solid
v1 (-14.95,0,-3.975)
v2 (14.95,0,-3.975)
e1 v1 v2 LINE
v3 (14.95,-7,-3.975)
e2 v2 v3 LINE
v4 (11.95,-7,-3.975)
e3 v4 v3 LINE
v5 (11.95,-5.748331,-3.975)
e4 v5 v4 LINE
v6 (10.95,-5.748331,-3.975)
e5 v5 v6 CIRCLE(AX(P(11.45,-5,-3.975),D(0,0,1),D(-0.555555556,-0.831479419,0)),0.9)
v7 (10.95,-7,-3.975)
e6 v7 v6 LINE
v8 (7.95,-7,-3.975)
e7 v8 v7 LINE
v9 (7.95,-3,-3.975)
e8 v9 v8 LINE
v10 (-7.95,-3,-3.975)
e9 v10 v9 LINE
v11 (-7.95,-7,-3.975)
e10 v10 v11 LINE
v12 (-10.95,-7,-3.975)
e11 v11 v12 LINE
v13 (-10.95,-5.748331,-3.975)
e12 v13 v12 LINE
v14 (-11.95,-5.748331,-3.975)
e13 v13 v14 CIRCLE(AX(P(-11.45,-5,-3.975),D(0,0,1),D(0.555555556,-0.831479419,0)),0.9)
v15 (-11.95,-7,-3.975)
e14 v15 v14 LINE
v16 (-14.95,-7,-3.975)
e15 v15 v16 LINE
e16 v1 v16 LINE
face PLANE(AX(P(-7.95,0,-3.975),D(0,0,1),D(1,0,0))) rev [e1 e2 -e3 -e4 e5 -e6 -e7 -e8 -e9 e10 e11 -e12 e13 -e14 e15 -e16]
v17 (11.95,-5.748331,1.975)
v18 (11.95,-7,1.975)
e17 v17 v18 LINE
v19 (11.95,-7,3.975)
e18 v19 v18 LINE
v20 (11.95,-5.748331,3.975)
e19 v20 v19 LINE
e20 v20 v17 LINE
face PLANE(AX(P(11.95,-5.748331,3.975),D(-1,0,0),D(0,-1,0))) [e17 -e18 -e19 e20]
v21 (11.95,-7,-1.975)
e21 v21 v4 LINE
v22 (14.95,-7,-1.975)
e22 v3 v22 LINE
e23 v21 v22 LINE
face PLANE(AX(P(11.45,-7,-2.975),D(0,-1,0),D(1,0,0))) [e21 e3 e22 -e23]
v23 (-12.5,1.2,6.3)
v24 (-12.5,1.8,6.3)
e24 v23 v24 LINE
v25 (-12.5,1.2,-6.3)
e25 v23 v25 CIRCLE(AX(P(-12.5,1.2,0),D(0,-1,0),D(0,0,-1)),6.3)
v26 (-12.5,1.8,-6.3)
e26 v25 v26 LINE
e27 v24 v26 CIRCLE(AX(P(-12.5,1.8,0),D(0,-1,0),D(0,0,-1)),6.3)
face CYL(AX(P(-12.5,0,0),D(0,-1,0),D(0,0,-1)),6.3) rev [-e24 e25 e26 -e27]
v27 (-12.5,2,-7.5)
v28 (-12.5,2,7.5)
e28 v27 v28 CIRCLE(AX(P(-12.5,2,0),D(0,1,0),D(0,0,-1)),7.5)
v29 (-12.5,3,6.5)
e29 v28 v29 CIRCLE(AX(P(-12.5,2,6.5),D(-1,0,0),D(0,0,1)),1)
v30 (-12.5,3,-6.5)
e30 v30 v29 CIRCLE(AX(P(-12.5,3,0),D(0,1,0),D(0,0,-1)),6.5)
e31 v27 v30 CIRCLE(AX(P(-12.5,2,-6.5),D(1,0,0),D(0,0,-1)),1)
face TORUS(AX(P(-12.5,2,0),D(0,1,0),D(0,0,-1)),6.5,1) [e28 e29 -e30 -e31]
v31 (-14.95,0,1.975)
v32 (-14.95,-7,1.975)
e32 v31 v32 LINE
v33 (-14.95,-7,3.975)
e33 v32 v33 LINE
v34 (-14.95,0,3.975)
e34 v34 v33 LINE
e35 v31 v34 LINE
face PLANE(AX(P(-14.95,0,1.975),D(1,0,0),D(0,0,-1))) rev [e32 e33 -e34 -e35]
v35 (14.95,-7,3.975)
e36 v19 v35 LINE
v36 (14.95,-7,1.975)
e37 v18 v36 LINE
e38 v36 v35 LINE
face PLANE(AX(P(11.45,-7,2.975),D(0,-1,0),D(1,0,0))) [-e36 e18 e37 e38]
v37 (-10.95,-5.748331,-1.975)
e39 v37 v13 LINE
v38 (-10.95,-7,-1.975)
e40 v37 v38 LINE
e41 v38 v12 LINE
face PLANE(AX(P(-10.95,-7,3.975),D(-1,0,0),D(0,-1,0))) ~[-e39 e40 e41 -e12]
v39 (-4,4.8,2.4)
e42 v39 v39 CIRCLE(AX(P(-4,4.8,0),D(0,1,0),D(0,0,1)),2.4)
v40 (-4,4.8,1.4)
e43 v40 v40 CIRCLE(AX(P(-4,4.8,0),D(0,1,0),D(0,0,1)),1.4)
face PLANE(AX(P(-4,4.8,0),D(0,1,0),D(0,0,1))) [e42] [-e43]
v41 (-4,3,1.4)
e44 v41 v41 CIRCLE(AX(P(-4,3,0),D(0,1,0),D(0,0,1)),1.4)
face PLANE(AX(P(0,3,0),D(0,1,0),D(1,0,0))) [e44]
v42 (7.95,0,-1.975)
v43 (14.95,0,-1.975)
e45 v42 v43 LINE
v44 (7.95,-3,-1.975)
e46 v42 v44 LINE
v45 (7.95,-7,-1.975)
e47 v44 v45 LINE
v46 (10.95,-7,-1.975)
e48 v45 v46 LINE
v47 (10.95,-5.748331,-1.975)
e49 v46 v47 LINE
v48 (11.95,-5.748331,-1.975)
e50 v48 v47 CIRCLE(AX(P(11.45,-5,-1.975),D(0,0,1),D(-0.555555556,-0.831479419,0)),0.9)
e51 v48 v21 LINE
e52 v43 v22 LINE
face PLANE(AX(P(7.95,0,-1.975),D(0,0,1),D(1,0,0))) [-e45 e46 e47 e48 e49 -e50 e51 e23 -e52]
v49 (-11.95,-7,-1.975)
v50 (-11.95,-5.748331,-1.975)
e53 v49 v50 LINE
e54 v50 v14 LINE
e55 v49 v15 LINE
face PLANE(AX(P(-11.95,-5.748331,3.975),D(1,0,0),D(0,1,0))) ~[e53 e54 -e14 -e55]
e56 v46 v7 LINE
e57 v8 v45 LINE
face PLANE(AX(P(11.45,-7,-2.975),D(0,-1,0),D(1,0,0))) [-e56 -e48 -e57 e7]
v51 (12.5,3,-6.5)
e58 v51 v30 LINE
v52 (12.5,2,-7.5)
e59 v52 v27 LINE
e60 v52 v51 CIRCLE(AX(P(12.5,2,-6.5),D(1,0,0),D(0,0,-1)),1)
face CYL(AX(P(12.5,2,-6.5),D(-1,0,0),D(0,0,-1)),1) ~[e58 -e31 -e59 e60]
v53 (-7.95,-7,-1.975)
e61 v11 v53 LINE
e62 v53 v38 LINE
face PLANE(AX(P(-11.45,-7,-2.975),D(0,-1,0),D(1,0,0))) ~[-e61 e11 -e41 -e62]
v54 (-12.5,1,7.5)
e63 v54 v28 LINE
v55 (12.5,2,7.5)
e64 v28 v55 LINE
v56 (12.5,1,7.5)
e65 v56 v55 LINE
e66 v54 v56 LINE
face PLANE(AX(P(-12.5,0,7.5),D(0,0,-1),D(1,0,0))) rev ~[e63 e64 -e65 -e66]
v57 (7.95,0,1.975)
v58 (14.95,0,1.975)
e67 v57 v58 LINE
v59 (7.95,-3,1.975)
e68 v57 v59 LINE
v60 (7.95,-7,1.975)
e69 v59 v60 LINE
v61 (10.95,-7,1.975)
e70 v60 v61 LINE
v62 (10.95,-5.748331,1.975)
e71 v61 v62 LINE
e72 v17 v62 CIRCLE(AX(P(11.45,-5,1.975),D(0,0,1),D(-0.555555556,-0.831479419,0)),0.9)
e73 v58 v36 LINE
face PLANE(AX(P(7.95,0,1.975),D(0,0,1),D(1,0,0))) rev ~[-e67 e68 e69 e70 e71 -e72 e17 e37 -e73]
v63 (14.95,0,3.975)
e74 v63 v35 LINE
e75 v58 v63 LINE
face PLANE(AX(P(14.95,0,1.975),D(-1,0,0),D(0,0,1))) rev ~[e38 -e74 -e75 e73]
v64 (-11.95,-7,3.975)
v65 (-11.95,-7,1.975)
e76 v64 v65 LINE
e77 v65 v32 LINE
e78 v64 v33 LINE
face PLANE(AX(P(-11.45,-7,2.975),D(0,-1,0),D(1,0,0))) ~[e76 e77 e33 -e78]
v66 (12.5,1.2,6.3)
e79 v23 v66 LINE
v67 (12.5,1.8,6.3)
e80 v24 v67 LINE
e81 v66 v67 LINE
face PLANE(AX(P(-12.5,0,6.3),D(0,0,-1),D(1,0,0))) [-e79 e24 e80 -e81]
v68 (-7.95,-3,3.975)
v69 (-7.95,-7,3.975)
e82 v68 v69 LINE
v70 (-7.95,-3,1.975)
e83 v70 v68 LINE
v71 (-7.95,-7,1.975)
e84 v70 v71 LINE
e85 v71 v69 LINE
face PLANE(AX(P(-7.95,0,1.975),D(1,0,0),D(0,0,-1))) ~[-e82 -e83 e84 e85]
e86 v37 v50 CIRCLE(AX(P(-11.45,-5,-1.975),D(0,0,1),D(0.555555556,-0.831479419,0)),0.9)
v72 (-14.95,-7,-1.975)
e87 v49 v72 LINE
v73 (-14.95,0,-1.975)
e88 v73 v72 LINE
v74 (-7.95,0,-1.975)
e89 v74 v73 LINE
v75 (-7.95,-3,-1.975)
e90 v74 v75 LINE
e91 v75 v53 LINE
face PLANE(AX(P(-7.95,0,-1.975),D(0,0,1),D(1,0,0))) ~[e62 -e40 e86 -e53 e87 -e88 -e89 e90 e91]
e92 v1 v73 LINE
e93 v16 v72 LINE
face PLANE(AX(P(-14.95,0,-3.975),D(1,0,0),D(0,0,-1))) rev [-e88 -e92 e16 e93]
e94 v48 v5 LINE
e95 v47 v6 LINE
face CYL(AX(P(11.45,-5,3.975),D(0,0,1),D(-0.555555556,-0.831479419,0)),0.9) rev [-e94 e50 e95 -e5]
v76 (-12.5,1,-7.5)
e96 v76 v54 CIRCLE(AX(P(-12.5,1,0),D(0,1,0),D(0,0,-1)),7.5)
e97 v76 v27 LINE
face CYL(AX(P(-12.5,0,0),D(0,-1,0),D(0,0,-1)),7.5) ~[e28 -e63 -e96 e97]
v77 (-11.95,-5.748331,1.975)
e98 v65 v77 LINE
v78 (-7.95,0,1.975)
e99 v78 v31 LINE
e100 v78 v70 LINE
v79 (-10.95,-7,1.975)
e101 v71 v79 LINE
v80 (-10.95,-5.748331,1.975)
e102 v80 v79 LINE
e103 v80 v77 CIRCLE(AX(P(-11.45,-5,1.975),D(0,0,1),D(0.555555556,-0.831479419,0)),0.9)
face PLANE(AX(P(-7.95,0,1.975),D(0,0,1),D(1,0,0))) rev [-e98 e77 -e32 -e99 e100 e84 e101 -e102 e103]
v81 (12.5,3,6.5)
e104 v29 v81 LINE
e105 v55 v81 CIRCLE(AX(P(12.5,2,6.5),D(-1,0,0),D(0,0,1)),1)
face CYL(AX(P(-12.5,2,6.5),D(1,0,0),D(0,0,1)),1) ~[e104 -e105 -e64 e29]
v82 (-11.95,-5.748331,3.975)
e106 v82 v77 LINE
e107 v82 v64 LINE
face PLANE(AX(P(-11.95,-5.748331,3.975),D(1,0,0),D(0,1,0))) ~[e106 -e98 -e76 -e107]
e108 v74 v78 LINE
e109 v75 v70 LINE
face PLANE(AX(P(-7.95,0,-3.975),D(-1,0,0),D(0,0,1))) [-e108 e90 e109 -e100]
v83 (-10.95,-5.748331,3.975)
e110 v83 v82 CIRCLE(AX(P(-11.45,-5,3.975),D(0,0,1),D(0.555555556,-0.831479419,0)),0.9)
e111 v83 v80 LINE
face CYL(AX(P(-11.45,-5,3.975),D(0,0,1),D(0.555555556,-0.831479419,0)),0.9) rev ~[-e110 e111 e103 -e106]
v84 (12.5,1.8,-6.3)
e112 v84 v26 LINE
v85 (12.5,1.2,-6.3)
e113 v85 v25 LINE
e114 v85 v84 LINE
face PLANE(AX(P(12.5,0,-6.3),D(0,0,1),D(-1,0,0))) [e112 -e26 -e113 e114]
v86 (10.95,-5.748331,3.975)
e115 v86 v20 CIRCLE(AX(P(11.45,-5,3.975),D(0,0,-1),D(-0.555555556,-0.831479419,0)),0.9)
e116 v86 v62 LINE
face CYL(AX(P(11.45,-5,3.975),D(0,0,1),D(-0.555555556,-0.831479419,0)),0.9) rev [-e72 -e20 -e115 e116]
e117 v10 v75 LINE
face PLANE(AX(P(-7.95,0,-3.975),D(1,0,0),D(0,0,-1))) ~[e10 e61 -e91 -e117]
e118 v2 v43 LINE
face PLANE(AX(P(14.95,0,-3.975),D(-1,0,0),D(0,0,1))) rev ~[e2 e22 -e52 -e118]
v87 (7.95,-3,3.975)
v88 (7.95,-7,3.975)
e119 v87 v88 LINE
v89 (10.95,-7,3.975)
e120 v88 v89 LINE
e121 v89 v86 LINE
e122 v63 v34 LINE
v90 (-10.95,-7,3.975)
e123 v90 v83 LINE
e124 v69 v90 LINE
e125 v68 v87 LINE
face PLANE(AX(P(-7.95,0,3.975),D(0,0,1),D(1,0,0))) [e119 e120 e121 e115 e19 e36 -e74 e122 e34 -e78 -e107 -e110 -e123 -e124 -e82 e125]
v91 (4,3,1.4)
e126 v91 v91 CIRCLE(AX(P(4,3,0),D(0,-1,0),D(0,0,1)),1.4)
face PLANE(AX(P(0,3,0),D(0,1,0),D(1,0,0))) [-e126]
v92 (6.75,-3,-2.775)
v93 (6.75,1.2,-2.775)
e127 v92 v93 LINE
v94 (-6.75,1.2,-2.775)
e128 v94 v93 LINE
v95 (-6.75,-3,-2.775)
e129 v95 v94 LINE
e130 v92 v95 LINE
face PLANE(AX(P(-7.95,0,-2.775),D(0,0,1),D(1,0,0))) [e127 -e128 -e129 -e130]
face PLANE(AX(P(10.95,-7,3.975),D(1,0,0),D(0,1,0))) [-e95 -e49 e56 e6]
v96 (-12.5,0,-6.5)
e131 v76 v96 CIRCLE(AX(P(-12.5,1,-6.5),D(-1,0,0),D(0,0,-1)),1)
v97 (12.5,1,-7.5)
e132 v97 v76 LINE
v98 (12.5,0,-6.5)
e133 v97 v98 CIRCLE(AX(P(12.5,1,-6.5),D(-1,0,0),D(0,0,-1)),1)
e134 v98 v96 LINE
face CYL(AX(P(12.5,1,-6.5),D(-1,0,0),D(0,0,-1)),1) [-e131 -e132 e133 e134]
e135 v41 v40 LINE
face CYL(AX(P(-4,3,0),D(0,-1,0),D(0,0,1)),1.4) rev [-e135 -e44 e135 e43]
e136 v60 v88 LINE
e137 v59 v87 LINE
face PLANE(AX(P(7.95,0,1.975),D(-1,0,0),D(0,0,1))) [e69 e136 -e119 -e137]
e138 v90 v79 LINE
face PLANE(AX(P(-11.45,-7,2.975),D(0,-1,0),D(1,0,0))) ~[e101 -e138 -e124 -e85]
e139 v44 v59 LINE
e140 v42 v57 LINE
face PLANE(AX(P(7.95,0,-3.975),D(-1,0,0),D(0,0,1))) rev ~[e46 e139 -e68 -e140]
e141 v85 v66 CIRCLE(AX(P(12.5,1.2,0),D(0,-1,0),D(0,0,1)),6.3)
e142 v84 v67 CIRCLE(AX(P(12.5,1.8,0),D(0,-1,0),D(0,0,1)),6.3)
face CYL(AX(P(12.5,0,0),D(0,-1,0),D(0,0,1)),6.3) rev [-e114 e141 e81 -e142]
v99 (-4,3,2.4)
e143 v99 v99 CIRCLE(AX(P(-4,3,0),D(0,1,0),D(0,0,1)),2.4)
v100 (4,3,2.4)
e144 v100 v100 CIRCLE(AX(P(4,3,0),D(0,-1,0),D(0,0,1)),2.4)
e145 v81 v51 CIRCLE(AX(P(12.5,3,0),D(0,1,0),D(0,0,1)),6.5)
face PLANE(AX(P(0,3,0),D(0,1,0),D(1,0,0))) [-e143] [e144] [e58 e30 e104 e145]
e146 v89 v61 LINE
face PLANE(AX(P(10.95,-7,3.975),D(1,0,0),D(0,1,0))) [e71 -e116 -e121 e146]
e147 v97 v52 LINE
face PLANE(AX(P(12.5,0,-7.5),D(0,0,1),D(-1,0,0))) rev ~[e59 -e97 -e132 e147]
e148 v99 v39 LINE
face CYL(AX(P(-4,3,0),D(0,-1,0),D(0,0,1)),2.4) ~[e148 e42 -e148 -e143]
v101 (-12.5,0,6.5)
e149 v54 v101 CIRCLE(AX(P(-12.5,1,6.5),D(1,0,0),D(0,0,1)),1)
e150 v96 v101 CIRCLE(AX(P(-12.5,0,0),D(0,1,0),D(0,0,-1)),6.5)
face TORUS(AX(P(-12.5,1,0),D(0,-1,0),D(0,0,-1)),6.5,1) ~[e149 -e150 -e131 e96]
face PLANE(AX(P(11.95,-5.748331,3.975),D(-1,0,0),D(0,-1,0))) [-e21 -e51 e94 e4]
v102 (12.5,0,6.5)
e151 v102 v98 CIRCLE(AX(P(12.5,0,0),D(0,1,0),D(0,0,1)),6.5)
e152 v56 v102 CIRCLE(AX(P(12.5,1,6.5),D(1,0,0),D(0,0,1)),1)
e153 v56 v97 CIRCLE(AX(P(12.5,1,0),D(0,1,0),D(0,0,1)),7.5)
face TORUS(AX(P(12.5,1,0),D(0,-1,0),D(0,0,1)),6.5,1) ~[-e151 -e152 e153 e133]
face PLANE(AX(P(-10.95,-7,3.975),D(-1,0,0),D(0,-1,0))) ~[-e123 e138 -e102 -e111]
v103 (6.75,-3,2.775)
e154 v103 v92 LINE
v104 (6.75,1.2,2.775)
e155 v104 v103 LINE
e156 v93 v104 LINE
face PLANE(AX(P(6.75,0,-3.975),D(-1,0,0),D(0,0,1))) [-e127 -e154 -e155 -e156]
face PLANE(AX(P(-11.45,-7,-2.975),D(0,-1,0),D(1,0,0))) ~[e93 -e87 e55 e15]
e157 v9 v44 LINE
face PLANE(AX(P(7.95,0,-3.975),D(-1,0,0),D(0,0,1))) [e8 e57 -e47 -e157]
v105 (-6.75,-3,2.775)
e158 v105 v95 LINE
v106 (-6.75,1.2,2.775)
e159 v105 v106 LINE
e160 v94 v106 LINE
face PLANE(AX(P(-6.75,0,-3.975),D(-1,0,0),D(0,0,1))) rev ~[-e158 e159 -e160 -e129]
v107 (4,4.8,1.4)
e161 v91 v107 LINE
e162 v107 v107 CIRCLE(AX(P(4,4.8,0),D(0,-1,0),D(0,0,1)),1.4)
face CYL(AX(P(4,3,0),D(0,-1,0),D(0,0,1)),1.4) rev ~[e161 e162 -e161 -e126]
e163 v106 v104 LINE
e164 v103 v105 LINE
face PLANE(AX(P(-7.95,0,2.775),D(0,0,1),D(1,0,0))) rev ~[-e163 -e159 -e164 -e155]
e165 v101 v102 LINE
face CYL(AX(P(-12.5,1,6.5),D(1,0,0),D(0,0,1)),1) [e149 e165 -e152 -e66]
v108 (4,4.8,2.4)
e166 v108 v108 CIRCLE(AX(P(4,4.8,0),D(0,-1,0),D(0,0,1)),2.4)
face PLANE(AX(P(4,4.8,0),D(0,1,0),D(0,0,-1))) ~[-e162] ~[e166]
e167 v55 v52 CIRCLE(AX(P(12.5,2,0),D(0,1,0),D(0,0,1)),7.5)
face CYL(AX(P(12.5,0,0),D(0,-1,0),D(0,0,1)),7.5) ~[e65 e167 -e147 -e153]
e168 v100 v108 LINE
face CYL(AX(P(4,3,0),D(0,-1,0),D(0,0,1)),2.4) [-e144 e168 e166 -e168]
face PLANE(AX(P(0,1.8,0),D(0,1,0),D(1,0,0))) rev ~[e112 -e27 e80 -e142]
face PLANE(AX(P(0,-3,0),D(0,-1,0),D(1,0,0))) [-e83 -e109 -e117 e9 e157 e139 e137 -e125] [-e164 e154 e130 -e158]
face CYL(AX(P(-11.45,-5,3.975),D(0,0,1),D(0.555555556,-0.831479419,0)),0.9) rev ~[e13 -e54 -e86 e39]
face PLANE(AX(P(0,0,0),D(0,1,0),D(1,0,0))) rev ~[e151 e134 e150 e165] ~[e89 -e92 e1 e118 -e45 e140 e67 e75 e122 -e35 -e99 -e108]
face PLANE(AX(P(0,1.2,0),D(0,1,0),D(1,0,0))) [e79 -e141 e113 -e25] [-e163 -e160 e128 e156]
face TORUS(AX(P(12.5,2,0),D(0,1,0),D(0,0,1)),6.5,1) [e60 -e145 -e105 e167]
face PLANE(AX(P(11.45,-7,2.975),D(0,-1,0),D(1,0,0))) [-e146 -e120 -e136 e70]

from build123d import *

# Parameters (mm, degrees)
BOSS_EXTRUDE1_DEPTH = 3
FILLET1_R           = 1
SKETCH20_W          = 15.9
SKETCH20_H          = 7.95
BOSS_EXTRUDE2_DEPTH = 3
SHELL1_T            = -1.2
SKETCH21_W          = 7
SKETCH21_H          = 2
BOSS_EXTRUDE4_DEPTH = 7
CUT_EXTRUDE1_DEPTH  = 25.097211976
SKETCH23_R          = 2.4
SKETCH23_R_2        = 1.4
BOSS_EXTRUDE5_DEPTH = 1.8


with BuildPart() as part:
    # Sketch1 → Boss-Extrude1 (new body)
    with BuildSketch(Plane(origin=(0, 0, 0), x_dir=(1, 0, 0), z_dir=(0, 1, 0))):
        with BuildLine():
            Line((-12.5, -7.5), (12.5, -7.5))
            ThreePointArc((12.5, -7.5), (20, 0), (12.5, 7.5))
            Line((12.5, 7.5), (-12.5, 7.5))
            ThreePointArc((-12.5, 7.5), (-20, 0), (-12.5, -7.5))
        make_face()
    extrude(amount=BOSS_EXTRUDE1_DEPTH)

    # Fillet1
    fillet1_edges = [part.edges().sort_by_distance(p)[0] for p in [
        (-20, 3, 0),
        (0, 3, 7.5),
        (20, 3, 0),
        (0, 0, 7.5),
        (-20, 0, 0),
        (0, 0, -7.5),
        (20, 0, 0),
        (0, 3, -7.5),
    ]]
    fillet(fillet1_edges, radius=FILLET1_R)

    # Sketch20 → Boss-Extrude2 (add)
    with BuildSketch(Plane.XZ):
        Rectangle(SKETCH20_W, SKETCH20_H)
    extrude(amount=BOSS_EXTRUDE2_DEPTH)

    # Shell1
    shell1_openings = [part.faces().sort_by_distance(p)[0] for p in [
        (0, -3, 0),
    ]]
    offset(amount=SHELL1_T, openings=shell1_openings, kind=Kind.INTERSECTION)

    # Sketch21 → Boss-Extrude4 (add)
    with BuildSketch(Plane.XZ):
        with Locations((11.45, -2.975)):
            Rectangle(SKETCH21_W, SKETCH21_H)
        with Locations((11.45, 2.975)):
            Rectangle(SKETCH21_W, SKETCH21_H)
    boss_extrude4 = extrude(amount=BOSS_EXTRUDE4_DEPTH)

    # Sketch22 → Cut-Extrude1 (cut, through all)
    with BuildSketch(Plane.XY.offset(3.975)):
        with BuildLine():
            Line((11.95, -7), (10.95, -7))
            Line((10.95, -7), (10.95, -5.748331477))
            ThreePointArc((10.95, -5.748331477), (11.45, -4.1), (11.95, -5.748331477))
            Line((11.95, -5.748331477), (11.95, -7))
        make_face()
    cut_extrude1 = extrude(amount=-CUT_EXTRUDE1_DEPTH, mode=Mode.SUBTRACT)

    # Mirror1: Boss-Extrude4, Cut-Extrude1 across plane
    add(boss_extrude4.mirror(Plane(origin=(0, 0, 0), x_dir=(0, 0, 1), z_dir=(1, 0, 0))))
    add(cut_extrude1.mirror(Plane(origin=(0, 0, 0), x_dir=(0, 0, 1), z_dir=(1, 0, 0))), mode=Mode.SUBTRACT)

    # Sketch23 → Boss-Extrude5 (add)
    with BuildSketch(Plane(origin=(0, 3, 0), x_dir=(1, 0, 0), z_dir=(0, 1, 0))):
        with Locations(Location((-4, 0, 0), (0, 0, 270))):
            Circle(SKETCH23_R)
        with Locations(Location((-4, 0, 0), (0, 0, 270))):
            Circle(SKETCH23_R_2, mode=Mode.SUBTRACT)
    boss_extrude5 = extrude(amount=BOSS_EXTRUDE5_DEPTH)

    # Mirror2: Boss-Extrude5 across plane
    add(boss_extrude5.mirror(Plane(origin=(0, 0, 0), x_dir=(0, 0, 1), z_dir=(1, 0, 0))))


solid = part.part
